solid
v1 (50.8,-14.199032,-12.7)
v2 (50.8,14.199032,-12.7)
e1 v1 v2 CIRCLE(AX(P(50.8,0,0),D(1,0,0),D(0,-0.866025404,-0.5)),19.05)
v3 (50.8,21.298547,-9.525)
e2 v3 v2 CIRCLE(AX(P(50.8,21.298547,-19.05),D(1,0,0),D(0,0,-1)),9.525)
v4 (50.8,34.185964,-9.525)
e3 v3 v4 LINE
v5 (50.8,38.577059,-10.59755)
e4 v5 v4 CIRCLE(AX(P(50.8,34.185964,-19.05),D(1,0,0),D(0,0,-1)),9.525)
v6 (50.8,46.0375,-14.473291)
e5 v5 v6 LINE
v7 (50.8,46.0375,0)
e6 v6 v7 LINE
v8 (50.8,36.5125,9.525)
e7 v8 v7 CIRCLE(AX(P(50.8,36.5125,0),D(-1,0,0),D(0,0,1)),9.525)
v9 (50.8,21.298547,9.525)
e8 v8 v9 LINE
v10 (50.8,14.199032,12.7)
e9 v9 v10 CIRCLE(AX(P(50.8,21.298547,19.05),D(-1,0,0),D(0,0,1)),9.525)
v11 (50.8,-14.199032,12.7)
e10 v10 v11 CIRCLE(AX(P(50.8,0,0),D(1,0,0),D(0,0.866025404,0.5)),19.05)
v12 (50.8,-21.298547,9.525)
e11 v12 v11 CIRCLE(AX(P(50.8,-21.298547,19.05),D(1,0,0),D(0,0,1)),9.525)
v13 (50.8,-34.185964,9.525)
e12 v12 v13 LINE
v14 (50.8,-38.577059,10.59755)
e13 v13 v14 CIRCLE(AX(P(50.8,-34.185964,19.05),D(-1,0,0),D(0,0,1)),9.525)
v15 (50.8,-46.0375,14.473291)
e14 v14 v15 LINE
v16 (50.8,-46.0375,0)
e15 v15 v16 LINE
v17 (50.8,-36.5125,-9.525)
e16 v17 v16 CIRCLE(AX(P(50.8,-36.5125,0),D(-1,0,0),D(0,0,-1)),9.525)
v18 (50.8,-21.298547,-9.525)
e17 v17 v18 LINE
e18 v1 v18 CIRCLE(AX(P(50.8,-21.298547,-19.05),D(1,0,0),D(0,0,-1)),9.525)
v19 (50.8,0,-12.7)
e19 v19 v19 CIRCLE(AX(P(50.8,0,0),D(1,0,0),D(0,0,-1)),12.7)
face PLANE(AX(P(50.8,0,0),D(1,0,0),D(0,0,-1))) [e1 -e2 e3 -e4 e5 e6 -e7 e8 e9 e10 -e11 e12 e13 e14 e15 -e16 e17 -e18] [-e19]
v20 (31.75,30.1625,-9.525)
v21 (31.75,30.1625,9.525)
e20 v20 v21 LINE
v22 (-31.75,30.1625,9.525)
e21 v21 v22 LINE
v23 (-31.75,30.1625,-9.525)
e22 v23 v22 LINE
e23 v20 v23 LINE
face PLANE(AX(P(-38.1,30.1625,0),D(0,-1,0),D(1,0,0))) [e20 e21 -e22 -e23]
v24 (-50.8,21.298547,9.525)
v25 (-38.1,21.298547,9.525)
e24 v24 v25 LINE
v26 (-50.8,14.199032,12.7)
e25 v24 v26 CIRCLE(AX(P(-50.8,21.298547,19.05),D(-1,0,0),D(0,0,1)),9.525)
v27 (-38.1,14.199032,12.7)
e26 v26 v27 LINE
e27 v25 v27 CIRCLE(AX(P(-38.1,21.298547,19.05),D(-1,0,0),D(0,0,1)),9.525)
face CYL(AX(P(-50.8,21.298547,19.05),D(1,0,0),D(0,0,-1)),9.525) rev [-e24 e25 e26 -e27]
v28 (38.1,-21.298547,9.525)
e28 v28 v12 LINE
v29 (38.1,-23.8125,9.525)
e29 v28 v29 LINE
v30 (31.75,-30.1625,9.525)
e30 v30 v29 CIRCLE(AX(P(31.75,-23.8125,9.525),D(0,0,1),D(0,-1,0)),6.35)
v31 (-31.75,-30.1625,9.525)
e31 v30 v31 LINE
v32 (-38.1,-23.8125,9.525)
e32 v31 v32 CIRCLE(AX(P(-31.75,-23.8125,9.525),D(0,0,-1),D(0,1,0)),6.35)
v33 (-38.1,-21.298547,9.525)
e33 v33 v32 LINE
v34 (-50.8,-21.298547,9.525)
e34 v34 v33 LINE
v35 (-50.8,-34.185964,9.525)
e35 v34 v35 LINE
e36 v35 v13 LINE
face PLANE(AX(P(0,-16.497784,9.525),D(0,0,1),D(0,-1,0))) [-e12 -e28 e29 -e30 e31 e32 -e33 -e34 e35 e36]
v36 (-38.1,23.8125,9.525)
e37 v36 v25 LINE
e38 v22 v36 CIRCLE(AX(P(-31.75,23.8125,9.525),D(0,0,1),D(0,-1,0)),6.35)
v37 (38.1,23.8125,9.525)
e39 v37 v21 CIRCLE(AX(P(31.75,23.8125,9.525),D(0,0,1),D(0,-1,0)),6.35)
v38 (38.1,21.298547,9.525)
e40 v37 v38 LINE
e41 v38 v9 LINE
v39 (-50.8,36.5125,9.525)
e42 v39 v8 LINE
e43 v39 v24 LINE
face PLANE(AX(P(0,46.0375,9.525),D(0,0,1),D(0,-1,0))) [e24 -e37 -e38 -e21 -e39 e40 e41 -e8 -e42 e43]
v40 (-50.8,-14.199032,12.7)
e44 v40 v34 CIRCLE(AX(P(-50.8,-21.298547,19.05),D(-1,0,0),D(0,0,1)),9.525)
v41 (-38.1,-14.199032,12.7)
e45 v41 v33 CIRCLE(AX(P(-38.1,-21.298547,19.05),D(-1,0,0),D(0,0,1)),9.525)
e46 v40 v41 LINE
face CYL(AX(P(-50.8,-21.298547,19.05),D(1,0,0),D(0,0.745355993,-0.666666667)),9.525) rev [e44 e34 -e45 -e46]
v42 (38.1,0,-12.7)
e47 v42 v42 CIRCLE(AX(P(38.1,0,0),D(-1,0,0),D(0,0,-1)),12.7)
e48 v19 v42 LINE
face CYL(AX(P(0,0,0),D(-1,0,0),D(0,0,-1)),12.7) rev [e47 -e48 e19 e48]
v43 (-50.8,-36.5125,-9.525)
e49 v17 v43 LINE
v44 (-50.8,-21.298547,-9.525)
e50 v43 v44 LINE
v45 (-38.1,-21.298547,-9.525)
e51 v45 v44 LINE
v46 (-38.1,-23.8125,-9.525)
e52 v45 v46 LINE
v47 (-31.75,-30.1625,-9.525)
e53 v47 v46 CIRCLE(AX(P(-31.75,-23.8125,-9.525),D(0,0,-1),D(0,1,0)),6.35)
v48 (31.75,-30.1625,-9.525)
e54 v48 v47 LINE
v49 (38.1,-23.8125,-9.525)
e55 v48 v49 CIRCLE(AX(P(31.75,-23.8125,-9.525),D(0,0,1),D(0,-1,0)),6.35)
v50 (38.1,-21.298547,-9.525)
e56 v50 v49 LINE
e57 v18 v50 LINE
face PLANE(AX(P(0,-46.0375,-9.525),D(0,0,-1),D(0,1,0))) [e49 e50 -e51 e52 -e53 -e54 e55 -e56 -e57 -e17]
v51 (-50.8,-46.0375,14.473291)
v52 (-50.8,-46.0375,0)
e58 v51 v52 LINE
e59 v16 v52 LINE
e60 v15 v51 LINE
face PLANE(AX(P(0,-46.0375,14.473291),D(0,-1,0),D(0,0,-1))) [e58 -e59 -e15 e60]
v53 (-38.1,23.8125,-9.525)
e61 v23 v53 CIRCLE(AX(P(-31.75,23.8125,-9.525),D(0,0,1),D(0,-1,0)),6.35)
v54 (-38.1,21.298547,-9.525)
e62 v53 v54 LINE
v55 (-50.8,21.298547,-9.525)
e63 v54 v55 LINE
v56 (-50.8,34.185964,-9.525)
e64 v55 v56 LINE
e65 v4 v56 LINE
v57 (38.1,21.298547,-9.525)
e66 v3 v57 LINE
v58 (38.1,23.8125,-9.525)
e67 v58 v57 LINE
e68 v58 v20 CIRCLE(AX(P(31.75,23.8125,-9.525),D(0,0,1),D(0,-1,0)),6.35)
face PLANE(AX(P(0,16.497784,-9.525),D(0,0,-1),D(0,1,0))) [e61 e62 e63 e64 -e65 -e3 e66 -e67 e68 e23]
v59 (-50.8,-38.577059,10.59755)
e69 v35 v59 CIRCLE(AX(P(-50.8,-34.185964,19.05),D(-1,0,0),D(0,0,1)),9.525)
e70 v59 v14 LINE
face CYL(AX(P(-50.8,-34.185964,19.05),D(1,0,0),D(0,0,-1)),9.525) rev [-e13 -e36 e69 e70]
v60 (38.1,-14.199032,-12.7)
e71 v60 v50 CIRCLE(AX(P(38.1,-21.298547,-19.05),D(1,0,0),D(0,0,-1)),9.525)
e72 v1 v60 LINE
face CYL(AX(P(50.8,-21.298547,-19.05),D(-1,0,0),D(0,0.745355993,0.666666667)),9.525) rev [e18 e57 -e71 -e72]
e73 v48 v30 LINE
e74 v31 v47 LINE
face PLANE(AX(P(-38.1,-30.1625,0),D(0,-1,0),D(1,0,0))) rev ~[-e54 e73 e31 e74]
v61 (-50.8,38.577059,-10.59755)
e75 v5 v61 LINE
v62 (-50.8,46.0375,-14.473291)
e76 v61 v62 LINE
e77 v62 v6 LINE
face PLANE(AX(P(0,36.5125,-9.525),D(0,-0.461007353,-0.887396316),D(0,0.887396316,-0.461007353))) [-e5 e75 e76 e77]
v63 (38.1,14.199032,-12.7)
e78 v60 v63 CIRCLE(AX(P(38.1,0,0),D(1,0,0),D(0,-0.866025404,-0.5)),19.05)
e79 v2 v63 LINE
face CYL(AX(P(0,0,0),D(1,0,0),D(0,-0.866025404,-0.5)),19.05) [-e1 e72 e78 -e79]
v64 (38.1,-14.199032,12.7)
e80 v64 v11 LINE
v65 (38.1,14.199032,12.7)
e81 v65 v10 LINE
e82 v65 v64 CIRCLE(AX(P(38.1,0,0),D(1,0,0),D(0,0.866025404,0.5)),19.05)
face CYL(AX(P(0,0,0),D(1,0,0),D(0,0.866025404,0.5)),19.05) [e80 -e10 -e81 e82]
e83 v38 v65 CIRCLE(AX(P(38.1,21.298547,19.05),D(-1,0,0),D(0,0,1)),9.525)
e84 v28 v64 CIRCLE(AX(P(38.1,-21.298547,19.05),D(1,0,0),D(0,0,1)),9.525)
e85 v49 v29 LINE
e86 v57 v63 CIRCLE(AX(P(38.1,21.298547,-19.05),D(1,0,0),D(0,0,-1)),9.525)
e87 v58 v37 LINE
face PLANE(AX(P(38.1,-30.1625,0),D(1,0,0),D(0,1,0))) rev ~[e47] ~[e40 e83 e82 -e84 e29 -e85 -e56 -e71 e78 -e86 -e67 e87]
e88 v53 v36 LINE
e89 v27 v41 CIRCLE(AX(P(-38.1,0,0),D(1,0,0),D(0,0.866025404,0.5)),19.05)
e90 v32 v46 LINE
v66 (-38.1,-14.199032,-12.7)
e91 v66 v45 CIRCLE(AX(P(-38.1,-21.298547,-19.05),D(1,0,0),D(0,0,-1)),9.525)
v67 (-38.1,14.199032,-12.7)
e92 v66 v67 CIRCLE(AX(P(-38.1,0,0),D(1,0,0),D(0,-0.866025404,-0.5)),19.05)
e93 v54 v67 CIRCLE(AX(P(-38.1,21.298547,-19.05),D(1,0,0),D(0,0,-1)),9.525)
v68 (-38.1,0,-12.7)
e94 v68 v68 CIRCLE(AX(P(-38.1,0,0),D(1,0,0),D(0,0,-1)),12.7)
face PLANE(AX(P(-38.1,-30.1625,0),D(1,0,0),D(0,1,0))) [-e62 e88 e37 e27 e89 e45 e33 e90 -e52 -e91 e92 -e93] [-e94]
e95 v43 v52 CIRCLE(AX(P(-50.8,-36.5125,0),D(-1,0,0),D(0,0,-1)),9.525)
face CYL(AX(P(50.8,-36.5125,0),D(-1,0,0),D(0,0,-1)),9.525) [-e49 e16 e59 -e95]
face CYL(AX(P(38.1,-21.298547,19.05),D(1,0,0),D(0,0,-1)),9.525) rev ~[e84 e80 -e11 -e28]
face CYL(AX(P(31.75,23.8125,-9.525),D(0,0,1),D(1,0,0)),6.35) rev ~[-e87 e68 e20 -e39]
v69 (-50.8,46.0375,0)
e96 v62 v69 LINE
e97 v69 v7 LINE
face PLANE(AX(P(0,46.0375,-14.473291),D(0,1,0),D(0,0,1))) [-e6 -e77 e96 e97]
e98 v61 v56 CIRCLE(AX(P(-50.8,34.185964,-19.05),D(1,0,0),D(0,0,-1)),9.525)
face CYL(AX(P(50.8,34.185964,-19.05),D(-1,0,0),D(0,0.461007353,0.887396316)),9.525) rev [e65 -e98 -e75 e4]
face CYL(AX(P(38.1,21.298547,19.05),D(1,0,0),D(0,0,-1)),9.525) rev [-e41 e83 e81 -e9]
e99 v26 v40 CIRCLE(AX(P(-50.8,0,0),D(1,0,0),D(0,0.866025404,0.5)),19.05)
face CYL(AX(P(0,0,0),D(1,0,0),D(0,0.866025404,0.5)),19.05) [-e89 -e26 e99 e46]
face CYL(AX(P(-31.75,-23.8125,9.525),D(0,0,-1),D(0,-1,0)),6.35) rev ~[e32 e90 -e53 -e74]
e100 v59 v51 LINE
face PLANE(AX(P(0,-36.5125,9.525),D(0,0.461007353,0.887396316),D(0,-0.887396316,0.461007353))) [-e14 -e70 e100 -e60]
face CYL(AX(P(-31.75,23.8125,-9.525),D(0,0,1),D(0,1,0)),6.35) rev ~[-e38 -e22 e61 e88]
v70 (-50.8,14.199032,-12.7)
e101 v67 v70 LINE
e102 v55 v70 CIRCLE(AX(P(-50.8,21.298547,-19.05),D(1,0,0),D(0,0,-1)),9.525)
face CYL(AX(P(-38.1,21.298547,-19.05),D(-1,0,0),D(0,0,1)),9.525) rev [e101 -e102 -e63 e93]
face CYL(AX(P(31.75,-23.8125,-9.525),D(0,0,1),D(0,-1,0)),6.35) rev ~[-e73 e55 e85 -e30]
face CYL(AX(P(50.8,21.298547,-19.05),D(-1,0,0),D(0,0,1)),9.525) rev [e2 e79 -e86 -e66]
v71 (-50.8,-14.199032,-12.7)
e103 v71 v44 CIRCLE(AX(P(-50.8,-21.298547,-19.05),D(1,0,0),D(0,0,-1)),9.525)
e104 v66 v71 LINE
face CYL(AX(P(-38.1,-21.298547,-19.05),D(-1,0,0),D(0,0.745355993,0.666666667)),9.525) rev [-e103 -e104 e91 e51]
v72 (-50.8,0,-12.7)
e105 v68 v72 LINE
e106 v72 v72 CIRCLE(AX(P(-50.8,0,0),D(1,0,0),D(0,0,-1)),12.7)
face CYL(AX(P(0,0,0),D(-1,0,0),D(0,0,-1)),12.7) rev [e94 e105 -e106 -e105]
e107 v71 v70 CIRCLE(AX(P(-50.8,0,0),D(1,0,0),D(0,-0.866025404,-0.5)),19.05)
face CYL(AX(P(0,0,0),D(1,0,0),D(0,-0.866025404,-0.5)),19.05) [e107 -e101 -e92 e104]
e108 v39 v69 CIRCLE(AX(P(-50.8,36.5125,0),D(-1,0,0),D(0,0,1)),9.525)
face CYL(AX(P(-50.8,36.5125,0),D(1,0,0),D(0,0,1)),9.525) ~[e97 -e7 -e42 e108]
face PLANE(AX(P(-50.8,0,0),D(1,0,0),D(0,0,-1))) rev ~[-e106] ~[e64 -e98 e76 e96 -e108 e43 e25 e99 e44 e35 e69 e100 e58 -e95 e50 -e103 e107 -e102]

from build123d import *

# Parameters (mm, degrees)
SKETCH1_R               = 12.7
BOSS_EXTRUDE1_DEPTH     = 50.8
SKETCH2_W               = 76.2
SKETCH2_H               = 60.325
CUT_EXTRUDE1_DEPTH      = 20.05
CUT_EXTRUDE1_DEPTH_BACK = 20.05
FILLET1_R               = 6.35
FILLET2_R               = 9.525
FILLET3_R               = 9.525
FILLET4_R               = 9.525


with BuildPart() as part:
    # Sketch1 → Boss-Extrude1 (new body, symmetric)
    with BuildSketch(Plane(origin=(0, 0, 0), x_dir=(0, 0, -1), z_dir=(1, 0, 0))):
        with BuildLine():
            Line((9.525, 36.5125), (14.473290811, 46.0375))
            Line((14.473290811, 46.0375), (-9.525, 46.0375))
            Line((-9.525, 46.0375), (-9.525, 36.5125))
            Line((-9.525, 36.5125), (-9.525, 16.497783942))
            ThreePointArc((-9.525, 16.497783942), (-19.05, 0), (-9.525, -16.497783942))
            Line((-9.525, -16.497783942), (-9.525, -36.5125))
            Line((-9.525, -36.5125), (-14.473290811, -46.0375))
            Line((-14.473290811, -46.0375), (9.525, -46.0375))
            Line((9.525, -46.0375), (9.525, -36.5125))
            Line((9.525, -36.5125), (9.525, -16.497783942))
            ThreePointArc((9.525, -16.497783942), (19.05, 0), (9.525, 16.497783942))
            Line((9.525, 16.497783942), (9.525, 36.5125))
        make_face()
        Circle(SKETCH1_R, mode=Mode.SUBTRACT)
    extrude(amount=BOSS_EXTRUDE1_DEPTH, both=True)

    # Sketch2 → Cut-Extrude1 (cut, two sides)
    with BuildSketch(Plane.XY) as cut_extrude1_sk:
        Rectangle(SKETCH2_W, SKETCH2_H)
    extrude(amount=CUT_EXTRUDE1_DEPTH, mode=Mode.SUBTRACT)
    extrude(cut_extrude1_sk.sketch, amount=-CUT_EXTRUDE1_DEPTH_BACK, mode=Mode.SUBTRACT)

    # Fillet1
    fillet1_edges = [part.edges().sort_by_distance(p)[0] for p in [
        (-38.1, 30.1625, 0),
        (38.1, -30.1625, 0),
        (38.1, 30.1625, 0),
        (-38.1, -30.1625, 0),
    ]]
    fillet(fillet1_edges, radius=FILLET1_R)

    # Fillet2
    fillet2_edges = [part.edges().sort_by_distance(p)[0] for p in [
        (44.45, 16.497783942, -9.525),
        (44.45, -16.497783942, -9.525),
        (44.45, -16.497783942, 9.525),
        (44.45, 16.497783942, 9.525),
        (-44.45, 16.497783942, -9.525),
        (-44.45, -16.497783942, -9.525),
        (-44.45, -16.497783942, 9.525),
        (-44.45, 16.497783942, 9.525),
    ]]
    fillet(fillet2_edges, radius=FILLET2_R)

    # Fillet3
    fillet3_edges = [part.edges().sort_by_distance(p)[0] for p in [
        (0, -46.0375, -9.525),
        (0, 46.0375, 9.525),
    ]]
    fillet(fillet3_edges, radius=FILLET3_R)

    # Fillet4
    fillet4_edges = [part.edges().sort_by_distance(p)[0] for p in [
        (0, -36.5125, 9.525),
        (0, 36.5125, -9.525),
    ]]
    fillet(fillet4_edges, radius=FILLET4_R)


solid = part.part
